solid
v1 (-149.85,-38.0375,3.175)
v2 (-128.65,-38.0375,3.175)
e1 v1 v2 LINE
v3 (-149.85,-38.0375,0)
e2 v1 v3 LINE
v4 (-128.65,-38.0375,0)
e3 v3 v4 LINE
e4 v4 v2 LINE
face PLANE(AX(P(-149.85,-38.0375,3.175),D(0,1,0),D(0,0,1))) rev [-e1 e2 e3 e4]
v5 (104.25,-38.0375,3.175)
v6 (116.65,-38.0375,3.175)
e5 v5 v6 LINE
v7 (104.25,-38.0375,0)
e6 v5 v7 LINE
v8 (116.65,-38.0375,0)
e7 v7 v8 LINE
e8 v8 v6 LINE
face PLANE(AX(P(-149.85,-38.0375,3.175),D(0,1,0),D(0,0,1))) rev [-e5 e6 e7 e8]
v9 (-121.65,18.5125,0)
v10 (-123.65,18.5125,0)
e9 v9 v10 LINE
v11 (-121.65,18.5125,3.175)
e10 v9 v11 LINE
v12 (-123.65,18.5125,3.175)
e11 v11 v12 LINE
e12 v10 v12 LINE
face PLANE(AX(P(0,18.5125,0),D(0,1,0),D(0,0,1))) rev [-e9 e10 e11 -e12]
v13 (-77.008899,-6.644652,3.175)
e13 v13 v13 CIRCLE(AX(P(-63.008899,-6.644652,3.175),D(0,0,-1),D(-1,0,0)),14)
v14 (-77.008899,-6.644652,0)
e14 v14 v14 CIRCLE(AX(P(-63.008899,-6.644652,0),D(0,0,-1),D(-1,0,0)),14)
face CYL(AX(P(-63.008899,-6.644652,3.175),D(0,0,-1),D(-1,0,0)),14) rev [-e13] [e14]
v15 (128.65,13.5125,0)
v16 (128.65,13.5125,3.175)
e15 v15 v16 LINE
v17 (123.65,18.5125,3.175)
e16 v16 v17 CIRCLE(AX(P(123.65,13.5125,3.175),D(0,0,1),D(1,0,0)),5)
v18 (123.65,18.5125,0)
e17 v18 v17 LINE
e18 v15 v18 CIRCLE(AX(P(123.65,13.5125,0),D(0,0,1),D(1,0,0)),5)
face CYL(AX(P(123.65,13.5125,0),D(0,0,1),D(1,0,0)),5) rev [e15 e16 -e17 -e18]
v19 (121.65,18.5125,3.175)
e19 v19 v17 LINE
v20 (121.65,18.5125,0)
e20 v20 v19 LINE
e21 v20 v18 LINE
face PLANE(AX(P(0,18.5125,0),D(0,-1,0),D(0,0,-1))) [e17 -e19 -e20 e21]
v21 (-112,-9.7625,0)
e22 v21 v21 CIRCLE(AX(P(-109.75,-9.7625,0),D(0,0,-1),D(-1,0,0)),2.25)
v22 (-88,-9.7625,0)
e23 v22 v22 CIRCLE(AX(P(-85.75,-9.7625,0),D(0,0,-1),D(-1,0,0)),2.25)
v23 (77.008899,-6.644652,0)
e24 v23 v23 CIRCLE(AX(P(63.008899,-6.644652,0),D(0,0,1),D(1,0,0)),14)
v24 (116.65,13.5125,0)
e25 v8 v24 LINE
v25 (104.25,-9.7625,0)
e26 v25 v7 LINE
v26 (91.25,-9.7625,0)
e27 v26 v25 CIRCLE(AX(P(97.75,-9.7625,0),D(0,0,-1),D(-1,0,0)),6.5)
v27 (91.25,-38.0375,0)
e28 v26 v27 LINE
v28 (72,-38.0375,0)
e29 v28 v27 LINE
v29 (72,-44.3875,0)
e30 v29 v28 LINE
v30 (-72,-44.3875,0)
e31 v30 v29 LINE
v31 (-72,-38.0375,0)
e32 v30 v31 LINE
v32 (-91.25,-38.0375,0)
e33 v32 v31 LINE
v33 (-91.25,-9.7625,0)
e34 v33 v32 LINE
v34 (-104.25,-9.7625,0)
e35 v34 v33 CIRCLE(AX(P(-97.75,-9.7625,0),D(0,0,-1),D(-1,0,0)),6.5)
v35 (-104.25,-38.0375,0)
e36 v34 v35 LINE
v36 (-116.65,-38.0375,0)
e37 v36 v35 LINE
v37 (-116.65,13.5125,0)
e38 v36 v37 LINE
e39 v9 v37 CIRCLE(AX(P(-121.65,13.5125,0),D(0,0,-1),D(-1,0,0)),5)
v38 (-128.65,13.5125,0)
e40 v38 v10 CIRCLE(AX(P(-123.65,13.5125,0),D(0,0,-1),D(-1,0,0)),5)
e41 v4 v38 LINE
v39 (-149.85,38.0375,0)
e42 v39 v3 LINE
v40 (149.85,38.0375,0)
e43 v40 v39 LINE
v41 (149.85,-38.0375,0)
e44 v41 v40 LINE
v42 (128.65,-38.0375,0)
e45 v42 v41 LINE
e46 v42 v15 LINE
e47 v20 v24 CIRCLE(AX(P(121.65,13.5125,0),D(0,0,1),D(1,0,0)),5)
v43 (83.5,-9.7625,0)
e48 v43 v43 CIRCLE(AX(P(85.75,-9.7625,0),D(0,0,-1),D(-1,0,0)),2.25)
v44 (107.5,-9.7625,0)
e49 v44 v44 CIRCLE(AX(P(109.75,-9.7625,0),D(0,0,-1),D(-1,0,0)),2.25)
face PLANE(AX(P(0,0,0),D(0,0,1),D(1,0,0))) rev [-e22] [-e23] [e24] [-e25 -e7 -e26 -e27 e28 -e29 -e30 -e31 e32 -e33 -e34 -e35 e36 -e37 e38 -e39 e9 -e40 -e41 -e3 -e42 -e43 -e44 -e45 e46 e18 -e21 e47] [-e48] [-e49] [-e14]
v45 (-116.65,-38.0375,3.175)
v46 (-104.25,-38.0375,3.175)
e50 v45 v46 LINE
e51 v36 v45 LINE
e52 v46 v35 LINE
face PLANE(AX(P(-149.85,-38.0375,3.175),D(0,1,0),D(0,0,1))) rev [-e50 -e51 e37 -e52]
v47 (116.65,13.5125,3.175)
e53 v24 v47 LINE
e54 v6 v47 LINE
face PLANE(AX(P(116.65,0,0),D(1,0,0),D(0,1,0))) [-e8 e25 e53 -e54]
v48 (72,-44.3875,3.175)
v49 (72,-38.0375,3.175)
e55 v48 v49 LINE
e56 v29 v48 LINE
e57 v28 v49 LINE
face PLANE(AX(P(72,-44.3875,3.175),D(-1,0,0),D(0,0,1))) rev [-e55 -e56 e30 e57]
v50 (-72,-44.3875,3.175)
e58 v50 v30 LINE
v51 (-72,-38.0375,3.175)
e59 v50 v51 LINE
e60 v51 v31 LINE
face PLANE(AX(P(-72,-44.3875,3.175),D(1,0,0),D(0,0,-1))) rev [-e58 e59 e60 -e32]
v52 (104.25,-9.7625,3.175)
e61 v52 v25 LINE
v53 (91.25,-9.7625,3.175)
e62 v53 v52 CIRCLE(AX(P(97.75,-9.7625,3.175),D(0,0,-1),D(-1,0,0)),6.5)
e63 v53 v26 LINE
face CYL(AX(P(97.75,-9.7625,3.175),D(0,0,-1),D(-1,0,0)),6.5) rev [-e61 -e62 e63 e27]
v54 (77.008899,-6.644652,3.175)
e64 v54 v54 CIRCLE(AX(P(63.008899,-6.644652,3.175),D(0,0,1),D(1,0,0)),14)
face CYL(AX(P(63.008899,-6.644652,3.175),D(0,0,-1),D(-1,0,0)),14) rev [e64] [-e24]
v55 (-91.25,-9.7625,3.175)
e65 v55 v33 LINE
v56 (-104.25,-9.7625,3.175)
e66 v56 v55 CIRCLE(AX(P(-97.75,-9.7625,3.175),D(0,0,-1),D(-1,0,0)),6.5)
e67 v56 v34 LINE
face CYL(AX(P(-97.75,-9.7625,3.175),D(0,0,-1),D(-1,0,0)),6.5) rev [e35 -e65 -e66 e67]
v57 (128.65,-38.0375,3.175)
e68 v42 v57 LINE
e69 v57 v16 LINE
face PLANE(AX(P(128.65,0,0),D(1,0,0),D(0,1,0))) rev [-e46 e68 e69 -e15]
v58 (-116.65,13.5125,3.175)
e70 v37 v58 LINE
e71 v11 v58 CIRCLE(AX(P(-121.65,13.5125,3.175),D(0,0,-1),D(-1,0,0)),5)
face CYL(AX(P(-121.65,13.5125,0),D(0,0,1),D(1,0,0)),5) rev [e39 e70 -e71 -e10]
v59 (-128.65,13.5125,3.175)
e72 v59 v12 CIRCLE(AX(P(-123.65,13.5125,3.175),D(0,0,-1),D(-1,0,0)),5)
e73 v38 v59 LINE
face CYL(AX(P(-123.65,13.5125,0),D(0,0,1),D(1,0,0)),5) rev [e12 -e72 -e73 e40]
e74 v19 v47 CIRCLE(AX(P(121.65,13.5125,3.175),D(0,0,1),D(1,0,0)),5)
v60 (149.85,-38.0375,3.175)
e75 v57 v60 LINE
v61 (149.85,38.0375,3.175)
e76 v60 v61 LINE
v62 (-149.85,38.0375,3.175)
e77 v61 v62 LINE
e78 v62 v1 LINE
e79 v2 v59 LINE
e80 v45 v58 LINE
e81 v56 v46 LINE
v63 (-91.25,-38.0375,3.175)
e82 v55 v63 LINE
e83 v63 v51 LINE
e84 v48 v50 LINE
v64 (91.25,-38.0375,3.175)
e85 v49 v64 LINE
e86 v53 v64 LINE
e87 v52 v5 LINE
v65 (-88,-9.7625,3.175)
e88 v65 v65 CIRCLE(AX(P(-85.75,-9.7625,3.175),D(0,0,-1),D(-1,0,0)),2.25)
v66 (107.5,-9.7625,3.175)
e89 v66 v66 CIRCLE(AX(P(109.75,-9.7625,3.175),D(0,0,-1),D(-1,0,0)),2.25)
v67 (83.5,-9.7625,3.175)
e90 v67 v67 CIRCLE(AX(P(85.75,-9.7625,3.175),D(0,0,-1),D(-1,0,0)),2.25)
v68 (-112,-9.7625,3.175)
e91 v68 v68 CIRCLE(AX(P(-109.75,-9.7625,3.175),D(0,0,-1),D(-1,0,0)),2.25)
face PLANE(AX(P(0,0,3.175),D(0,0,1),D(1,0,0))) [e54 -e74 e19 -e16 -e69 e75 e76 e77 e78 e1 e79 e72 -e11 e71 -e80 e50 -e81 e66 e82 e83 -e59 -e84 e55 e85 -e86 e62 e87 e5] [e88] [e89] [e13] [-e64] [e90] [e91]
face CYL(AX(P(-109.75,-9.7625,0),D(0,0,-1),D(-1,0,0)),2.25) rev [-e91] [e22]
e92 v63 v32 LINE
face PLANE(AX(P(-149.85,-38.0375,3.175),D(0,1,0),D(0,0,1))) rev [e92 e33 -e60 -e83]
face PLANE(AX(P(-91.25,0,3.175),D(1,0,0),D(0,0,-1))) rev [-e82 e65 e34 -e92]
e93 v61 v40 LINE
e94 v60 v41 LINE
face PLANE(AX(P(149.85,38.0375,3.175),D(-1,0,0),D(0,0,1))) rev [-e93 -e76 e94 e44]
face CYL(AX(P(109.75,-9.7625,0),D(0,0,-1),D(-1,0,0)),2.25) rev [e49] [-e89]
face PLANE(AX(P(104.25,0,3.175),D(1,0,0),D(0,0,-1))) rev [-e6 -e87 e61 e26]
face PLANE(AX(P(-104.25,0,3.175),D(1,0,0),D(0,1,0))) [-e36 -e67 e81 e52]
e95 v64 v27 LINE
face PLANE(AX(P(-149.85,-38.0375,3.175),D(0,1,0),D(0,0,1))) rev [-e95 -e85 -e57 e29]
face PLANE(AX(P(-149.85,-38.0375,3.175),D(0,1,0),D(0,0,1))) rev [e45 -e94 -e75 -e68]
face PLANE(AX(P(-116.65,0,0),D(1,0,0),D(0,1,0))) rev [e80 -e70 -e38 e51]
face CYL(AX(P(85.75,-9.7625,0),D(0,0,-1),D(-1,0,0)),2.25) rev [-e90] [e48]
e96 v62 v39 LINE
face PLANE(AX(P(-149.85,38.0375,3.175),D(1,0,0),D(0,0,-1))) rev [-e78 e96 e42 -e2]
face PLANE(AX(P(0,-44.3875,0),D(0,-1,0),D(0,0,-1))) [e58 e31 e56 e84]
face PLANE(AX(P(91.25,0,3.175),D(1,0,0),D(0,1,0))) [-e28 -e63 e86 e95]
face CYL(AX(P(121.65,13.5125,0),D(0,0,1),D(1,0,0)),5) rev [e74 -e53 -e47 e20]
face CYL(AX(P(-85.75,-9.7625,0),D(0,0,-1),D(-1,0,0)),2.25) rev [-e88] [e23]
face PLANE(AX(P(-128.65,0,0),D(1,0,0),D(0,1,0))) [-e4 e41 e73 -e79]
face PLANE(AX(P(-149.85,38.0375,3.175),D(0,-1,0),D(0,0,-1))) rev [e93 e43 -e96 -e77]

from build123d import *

# Parameters (mm, degrees)
SKETCH1_W            = 299.7
SKETCH1_H            = 76.075
BOSS_EXTRUDE1_DEPTH  = 3.175
CUT_EXTRUDE4_DEPTH   = 155.634907221
SKETCH3_R            = 6.5
CUT_EXTRUDE5_DEPTH   = 155.634907221
M4_CLEARANCE_HOLE1_D = 4.5
SKETCH12_W           = 144
SKETCH12_H           = 3.175
BOSS_EXTRUDE2_DEPTH  = 6.35
SKETCH13_R           = 14
CUT_EXTRUDE6_DEPTH   = 157.318115653


with BuildPart() as part:
    # Sketch1 → Boss-Extrude1 (new body)
    with BuildSketch(Plane.XY):
        Rectangle(SKETCH1_W, SKETCH1_H)
    extrude(amount=BOSS_EXTRUDE1_DEPTH)

    # Sketch8 → Cut-Extrude4 (cut, through all)
    with BuildSketch(Plane.XY.offset(3.175)):
        with BuildLine():
            Line((121.65, 18.5125), (123.65, 18.5125))
            ThreePointArc((123.65, 18.5125), (127.185533906, 17.048033906), (128.65, 13.5125))
            Line((128.65, 13.5125), (128.65, -27.282435401))
            ThreePointArc((128.65, -27.282435401), (127.185533906, -30.817969307), (123.65, -32.282435401))
            Line((123.65, -32.282435401), (121.65, -32.282435401))
            ThreePointArc((121.65, -32.282435401), (118.114466094, -30.817969307), (116.65, -27.282435401))
            Line((116.65, -27.282435401), (116.65, 13.5125))
            ThreePointArc((116.65, 13.5125), (118.114466094, 17.048033906), (121.65, 18.5125))
        make_face()
        with BuildLine():
            Line((128.65, -38.0375), (128.65, -27.282435401))
            ThreePointArc((128.65, -27.282435401), (127.185533906, -30.817969307), (123.65, -32.282435401))
            Line((123.65, -32.282435401), (121.65, -32.282435401))
            ThreePointArc((121.65, -32.282435401), (118.114466094, -30.817969307), (116.65, -27.282435401))
            Line((116.65, -27.282435401), (116.65, -38.0375))
            Line((116.65, -38.0375), (128.65, -38.0375))
        make_face()
    cut_extrude4 = extrude(amount=-CUT_EXTRUDE4_DEPTH, mode=Mode.SUBTRACT)

    # Mirror3: Cut-Extrude4 across plane
    add(cut_extrude4.mirror(Plane(origin=(0, 0, 0), x_dir=(0, 0, 1), z_dir=(1, 0, 0))), mode=Mode.SUBTRACT)

    # Sketch3 → Cut-Extrude5 (cut, through all)
    with BuildSketch(Plane(origin=(0, 0, 0), x_dir=(-1, 0, 0), z_dir=(0, 0, -1))):
        with Locations((-97.75, -9.7625)):
            Circle(SKETCH3_R)
        with BuildLine():
            Line((-104.25, -38.0375), (-91.25, -38.0375))
            Line((-91.25, -38.0375), (-91.25, -9.7625))
            ThreePointArc((-91.25, -9.7625), (-97.75, -16.2625), (-104.25, -9.7625))
            Line((-104.25, -9.7625), (-104.25, -38.0375))
        make_face()
        with Locations((97.75, -9.7625)):
            Circle(SKETCH3_R)
        with BuildLine():
            Line((91.25, -38.0375), (104.25, -38.0375))
            Line((104.25, -38.0375), (104.25, -9.7625))
            ThreePointArc((104.25, -9.7625), (97.75, -16.2625), (91.25, -9.7625))
            Line((91.25, -9.7625), (91.25, -38.0375))
        make_face()
    extrude(amount=-CUT_EXTRUDE5_DEPTH, mode=Mode.SUBTRACT)

    # M4 Clearance Hole1 (through all)
    with Locations(Plane(origin=(0, 0, 0), x_dir=(-1, 0, 0), z_dir=(0, 0, -1))):
        with Locations((-85.75, -9.7625), (-109.75, -9.7625), (109.75, -9.7625), (85.75, -9.7625)):
            Hole(M4_CLEARANCE_HOLE1_D / 2)

    # Sketch12 → Boss-Extrude2 (add)
    with BuildSketch(Plane.XZ.offset(38.0375)):
        with Locations((0, 1.5875)):
            Rectangle(SKETCH12_W, SKETCH12_H)
    extrude(amount=BOSS_EXTRUDE2_DEPTH)

    # Sketch13 → Cut-Extrude6 (cut, through all)
    with BuildSketch(Plane(origin=(0, 0, 0), x_dir=(-1, 0, 0), z_dir=(0, 0, -1))):
        with Locations((63.008899223, -6.644651545)):
            Circle(SKETCH13_R)
    cut_extrude6 = extrude(amount=-CUT_EXTRUDE6_DEPTH, mode=Mode.SUBTRACT)

    # Mirror4: Cut-Extrude6 across plane
    add(cut_extrude6.mirror(Plane(origin=(0, 0, 0), x_dir=(0, 0, 1), z_dir=(1, 0, 0))), mode=Mode.SUBTRACT)


solid = part.part
